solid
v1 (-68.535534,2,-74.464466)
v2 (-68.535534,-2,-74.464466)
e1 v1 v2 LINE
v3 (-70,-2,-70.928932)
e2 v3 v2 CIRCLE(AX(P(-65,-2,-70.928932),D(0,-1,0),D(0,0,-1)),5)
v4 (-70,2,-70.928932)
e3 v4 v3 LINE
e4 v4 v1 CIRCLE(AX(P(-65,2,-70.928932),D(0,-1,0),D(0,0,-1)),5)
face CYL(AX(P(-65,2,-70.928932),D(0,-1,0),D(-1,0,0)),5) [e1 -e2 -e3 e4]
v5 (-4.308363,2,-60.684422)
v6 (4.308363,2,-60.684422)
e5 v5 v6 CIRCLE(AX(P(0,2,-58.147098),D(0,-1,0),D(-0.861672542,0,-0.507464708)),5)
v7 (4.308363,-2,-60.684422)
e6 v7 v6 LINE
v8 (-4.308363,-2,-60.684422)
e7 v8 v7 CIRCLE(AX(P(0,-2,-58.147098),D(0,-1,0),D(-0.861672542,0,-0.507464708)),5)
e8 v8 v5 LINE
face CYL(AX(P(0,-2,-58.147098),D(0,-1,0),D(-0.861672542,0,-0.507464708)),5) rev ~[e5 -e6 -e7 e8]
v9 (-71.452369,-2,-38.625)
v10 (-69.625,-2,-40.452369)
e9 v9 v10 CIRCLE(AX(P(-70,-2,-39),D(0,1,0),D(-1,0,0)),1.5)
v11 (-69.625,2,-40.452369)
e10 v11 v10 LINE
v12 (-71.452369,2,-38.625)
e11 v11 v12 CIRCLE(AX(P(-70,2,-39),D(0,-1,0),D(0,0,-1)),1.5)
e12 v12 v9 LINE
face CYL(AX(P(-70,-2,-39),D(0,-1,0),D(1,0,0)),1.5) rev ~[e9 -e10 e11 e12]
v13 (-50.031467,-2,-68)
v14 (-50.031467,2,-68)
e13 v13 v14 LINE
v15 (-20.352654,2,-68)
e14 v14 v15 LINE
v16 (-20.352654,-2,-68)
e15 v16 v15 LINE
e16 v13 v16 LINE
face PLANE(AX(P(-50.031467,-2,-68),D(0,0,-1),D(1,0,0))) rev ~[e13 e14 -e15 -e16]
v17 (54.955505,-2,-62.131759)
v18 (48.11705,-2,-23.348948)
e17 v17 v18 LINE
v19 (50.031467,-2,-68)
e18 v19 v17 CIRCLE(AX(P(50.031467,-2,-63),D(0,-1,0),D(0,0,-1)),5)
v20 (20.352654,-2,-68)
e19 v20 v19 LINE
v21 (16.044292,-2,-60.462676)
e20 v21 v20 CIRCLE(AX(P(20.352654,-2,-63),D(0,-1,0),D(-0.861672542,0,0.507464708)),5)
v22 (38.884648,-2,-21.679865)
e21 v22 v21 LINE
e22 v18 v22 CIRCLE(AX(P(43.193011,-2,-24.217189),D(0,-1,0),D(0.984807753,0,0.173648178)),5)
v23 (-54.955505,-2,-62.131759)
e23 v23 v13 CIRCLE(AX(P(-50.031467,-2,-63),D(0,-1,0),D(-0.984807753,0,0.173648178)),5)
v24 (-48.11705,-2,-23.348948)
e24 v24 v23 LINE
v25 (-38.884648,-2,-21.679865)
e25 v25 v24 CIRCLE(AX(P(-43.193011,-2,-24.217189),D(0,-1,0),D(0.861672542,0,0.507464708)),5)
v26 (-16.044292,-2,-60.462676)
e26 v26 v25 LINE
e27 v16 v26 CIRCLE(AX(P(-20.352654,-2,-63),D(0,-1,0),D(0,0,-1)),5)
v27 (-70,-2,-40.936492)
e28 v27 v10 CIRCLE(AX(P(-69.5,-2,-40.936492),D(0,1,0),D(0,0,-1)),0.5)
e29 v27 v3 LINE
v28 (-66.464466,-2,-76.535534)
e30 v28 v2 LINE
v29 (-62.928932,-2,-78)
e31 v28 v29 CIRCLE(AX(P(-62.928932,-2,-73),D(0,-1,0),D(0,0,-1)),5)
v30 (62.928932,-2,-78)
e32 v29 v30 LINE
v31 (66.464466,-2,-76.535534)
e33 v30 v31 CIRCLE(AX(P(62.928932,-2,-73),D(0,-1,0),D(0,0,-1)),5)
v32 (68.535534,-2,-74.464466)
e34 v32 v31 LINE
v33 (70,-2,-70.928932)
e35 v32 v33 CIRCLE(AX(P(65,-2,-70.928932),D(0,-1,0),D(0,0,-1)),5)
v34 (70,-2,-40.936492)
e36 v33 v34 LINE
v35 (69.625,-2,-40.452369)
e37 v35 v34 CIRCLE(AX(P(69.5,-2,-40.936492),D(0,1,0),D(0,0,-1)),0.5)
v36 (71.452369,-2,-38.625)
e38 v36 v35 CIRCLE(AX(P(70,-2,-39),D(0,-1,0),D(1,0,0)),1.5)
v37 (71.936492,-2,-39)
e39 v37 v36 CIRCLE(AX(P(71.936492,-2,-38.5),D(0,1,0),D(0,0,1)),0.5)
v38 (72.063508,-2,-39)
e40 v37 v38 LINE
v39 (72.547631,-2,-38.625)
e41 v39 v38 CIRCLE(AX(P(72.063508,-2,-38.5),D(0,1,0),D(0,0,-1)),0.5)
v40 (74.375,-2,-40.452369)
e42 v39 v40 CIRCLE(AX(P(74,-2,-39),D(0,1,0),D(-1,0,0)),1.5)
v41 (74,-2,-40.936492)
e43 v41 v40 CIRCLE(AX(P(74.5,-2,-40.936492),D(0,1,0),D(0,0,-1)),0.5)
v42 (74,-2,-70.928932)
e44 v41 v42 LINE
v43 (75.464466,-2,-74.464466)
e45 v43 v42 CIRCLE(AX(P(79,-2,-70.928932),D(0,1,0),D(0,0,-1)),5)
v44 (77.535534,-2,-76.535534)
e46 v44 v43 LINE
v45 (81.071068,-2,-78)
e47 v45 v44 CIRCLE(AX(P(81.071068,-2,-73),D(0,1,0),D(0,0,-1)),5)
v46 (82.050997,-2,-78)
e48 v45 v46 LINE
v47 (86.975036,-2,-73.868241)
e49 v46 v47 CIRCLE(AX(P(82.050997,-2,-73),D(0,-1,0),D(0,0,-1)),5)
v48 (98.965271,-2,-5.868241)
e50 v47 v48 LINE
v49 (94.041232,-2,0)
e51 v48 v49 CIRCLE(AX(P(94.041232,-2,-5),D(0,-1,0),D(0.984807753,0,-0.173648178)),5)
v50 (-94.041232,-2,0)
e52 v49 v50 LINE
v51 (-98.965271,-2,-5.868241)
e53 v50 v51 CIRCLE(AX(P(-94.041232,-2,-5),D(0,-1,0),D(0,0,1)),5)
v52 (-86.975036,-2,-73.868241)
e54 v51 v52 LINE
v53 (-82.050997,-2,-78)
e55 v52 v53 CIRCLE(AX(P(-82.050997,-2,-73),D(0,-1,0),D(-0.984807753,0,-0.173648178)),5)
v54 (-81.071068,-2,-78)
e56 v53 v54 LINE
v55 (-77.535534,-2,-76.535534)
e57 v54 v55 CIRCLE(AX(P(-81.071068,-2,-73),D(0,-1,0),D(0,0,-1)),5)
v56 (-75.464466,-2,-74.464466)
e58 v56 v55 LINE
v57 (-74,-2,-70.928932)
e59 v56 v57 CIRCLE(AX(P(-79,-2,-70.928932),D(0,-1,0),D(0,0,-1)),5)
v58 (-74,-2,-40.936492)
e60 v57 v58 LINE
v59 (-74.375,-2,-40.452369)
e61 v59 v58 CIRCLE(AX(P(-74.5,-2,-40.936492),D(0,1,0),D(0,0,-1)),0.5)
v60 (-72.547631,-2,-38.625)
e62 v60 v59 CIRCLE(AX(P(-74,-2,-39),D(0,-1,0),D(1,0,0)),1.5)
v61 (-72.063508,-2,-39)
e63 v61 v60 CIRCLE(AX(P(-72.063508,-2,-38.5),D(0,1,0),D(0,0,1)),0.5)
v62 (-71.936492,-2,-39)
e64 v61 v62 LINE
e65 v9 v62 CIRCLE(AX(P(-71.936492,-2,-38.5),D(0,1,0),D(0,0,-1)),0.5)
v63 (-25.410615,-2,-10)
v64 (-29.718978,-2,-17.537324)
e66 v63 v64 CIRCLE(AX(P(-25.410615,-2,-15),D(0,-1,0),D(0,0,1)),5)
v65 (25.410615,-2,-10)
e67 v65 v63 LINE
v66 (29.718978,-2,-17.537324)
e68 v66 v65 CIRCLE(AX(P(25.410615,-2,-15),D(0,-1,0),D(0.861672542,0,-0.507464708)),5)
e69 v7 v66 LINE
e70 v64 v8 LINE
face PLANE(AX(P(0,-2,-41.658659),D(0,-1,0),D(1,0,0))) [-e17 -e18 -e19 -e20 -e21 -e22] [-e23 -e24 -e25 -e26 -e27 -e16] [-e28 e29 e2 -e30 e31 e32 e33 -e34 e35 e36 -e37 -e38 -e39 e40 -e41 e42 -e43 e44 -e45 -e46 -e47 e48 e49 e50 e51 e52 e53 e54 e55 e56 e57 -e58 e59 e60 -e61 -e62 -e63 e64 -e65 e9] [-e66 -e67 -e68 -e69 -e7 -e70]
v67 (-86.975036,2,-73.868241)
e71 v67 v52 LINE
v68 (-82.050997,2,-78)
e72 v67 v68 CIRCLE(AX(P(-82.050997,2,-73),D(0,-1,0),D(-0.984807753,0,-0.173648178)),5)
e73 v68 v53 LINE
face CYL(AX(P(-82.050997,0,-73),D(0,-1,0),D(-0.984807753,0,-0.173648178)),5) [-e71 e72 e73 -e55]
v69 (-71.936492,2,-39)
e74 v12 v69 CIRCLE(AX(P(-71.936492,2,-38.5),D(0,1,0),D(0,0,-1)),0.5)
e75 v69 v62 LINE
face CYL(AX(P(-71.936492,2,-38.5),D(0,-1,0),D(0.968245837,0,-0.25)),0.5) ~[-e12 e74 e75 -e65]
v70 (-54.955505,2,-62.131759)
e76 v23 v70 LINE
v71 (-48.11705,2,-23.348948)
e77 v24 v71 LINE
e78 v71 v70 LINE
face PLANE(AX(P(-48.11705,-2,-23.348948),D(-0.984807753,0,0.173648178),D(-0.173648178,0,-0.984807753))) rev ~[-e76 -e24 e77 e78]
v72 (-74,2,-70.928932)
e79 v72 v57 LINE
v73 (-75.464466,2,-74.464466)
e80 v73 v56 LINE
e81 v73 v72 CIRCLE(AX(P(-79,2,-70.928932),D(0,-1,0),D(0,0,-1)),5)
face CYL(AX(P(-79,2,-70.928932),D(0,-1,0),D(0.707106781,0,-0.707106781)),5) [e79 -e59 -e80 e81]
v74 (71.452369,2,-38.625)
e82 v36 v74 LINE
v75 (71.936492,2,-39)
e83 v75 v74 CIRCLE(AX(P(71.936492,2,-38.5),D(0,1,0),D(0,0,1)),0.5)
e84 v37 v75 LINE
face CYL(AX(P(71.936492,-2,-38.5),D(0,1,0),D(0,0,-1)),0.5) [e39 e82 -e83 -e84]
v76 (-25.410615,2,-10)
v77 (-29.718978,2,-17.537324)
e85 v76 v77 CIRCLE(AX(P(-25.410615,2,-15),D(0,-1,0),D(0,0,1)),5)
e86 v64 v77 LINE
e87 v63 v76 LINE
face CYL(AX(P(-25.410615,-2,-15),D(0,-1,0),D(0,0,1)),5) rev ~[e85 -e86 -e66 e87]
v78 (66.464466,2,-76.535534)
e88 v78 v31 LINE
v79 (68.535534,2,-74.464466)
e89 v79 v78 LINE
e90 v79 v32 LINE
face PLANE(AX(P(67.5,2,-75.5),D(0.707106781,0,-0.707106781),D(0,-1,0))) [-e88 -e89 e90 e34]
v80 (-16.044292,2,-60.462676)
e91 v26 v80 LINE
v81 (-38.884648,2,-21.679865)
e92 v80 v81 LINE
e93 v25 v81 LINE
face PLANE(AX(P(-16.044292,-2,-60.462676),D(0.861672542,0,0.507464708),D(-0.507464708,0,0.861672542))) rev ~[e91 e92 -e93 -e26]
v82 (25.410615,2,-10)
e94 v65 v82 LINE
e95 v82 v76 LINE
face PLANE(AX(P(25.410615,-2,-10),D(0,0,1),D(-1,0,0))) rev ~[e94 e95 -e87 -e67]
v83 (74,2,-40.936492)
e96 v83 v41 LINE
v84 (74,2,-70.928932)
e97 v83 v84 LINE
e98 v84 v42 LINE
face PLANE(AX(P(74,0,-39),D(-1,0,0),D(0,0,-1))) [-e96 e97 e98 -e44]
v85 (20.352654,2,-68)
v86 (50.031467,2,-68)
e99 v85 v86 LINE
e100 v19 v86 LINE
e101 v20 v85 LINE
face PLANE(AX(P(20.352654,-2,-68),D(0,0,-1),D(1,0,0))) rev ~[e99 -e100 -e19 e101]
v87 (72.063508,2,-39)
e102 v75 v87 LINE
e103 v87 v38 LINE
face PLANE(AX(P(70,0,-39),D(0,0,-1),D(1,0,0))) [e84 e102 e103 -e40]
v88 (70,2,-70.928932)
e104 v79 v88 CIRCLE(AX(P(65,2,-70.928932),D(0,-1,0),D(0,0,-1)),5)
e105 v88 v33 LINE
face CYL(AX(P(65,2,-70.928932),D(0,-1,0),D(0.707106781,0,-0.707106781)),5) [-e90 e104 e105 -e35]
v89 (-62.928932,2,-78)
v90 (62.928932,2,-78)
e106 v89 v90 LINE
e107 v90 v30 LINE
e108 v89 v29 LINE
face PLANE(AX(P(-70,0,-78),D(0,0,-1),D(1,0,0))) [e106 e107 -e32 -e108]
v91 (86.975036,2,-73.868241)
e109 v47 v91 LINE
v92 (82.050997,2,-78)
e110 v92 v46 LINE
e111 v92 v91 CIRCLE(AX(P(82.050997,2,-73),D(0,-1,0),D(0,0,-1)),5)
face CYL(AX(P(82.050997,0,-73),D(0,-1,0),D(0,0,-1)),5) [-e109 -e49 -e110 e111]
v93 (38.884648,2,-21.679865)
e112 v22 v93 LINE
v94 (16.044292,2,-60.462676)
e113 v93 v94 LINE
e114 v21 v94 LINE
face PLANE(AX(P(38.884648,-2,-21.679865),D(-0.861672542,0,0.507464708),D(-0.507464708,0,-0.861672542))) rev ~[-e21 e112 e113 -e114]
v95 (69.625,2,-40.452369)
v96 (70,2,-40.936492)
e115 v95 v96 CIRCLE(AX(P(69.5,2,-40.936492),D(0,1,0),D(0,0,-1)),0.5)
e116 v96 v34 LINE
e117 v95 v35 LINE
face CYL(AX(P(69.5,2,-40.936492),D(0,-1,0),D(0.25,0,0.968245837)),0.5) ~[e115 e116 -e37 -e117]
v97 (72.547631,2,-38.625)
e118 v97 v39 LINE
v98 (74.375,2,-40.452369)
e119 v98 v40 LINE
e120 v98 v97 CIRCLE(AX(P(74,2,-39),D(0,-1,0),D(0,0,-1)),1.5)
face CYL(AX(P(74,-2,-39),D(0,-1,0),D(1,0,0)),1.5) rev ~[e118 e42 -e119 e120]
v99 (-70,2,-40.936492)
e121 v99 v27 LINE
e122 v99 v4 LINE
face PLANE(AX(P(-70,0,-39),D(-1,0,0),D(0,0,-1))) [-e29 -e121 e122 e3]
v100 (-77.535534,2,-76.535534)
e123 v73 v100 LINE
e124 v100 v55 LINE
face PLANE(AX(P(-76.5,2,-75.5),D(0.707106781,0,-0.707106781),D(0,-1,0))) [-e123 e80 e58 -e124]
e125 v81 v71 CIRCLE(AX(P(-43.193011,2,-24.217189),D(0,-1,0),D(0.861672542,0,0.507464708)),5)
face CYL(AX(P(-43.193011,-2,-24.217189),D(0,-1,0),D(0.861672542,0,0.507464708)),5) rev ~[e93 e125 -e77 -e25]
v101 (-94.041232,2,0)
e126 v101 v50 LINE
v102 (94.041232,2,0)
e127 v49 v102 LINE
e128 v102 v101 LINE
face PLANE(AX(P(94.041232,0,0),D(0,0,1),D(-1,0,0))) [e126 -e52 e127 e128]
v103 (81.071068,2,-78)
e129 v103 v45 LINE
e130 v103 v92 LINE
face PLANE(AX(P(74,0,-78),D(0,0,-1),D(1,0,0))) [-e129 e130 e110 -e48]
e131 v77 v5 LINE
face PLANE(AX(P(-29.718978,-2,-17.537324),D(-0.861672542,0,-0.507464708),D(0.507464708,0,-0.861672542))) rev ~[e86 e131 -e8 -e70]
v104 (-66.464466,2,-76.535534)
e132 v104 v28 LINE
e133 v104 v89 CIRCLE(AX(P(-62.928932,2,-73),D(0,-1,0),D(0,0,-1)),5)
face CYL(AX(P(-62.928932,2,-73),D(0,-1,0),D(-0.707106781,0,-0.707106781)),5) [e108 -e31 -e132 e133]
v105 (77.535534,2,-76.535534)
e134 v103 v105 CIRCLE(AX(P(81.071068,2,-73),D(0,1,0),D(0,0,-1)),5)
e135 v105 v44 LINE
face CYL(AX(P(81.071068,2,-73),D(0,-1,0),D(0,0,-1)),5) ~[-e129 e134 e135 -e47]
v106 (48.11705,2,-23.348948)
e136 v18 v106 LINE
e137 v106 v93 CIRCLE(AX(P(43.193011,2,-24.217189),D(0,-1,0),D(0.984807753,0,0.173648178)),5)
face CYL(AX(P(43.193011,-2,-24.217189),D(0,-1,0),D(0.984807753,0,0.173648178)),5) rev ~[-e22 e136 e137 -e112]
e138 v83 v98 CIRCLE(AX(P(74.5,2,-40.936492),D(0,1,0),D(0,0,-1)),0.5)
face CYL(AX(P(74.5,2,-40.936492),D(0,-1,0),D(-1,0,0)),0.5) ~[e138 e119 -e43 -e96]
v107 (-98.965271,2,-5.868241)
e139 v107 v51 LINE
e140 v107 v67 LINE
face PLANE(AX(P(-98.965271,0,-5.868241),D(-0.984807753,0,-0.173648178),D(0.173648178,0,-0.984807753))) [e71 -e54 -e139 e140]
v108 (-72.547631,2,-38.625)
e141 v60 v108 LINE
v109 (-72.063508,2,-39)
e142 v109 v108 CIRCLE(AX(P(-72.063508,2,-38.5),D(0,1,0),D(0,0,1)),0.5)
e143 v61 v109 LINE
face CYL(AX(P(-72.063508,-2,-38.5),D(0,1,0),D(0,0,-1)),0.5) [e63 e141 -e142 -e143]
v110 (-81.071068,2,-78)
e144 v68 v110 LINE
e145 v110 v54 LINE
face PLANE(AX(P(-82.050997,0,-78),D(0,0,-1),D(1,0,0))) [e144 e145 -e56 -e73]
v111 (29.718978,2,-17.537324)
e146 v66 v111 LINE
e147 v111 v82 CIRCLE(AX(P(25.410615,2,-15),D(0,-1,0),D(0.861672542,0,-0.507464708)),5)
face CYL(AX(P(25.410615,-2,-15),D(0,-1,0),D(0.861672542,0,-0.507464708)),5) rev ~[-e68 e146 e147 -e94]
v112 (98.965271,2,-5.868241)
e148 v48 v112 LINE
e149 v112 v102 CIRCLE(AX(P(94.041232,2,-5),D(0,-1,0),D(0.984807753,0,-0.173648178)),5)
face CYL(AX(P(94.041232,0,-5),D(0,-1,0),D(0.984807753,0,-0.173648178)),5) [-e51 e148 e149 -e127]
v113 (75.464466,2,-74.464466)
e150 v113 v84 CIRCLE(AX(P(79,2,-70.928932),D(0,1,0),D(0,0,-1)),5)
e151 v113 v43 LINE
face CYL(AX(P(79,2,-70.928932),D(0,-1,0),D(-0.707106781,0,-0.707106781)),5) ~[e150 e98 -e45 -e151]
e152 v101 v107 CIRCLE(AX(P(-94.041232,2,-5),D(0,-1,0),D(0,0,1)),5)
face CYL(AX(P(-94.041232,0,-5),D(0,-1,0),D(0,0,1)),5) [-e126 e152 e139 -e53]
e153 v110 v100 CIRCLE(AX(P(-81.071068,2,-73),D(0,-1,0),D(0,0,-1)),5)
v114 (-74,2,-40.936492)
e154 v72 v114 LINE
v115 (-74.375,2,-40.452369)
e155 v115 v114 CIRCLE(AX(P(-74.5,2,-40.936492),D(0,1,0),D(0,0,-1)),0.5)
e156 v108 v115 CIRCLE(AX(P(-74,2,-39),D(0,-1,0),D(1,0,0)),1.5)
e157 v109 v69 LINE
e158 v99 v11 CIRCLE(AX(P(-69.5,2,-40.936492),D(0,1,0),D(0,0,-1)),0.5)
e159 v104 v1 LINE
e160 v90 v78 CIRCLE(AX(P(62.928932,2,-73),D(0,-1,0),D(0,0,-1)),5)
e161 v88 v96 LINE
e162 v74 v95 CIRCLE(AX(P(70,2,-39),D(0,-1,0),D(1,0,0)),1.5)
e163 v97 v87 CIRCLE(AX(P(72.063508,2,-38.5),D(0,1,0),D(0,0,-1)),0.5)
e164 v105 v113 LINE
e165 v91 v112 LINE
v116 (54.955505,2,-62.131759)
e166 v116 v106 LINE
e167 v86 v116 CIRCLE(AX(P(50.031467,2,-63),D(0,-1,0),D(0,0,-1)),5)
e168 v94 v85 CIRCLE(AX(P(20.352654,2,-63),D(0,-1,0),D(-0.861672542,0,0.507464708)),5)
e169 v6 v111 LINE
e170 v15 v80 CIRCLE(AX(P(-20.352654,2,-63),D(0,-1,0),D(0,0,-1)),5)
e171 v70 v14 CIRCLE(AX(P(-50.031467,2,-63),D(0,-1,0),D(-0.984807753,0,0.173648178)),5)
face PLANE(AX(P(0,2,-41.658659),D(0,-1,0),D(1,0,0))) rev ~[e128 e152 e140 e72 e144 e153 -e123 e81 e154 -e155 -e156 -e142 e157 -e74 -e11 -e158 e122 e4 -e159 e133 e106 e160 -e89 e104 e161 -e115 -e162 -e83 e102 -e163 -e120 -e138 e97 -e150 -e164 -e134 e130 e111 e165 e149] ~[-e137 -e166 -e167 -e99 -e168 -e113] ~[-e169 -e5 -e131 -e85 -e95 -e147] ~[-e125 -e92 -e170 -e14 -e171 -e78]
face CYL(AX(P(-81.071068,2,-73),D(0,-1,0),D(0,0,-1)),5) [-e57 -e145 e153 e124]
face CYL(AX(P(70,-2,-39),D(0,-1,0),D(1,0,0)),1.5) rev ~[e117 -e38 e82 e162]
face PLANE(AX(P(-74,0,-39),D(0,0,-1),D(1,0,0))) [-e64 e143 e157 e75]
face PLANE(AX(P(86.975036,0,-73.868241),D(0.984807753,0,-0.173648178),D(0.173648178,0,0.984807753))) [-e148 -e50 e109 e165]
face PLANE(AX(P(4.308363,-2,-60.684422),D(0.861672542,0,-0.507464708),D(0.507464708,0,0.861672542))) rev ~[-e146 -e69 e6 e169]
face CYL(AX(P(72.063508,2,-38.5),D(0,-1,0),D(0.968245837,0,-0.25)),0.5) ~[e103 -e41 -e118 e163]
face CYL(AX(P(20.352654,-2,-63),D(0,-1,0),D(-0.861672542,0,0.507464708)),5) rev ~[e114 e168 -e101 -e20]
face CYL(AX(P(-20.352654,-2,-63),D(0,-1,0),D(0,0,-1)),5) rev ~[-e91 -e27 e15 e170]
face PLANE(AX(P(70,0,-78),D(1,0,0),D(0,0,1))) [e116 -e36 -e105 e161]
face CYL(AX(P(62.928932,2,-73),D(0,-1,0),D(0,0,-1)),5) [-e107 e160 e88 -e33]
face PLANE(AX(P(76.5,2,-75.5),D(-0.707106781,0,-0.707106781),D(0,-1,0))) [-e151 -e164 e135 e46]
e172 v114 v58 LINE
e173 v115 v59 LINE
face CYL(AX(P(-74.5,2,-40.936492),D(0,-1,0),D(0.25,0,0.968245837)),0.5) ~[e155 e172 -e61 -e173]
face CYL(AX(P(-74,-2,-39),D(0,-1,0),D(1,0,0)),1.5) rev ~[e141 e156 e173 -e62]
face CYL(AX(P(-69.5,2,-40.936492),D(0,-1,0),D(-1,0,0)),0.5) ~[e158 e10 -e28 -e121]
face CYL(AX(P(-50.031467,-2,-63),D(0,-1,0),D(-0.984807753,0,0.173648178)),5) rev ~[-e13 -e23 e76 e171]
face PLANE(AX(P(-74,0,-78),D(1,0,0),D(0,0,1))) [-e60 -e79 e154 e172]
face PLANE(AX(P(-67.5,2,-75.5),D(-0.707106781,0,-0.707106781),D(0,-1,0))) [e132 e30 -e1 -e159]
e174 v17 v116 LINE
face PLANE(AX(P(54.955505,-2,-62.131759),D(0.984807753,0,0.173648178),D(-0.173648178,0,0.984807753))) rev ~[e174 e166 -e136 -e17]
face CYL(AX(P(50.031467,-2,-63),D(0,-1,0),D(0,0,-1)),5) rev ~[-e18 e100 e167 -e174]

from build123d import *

# Parameters (mm, degrees)
F1_DEPTH = 2
F2_SIZE  = 5
F3_R     = 5
F4_R     = 1.5
F5_DEPTH = 4.001
F6_R     = 0.5
F8_DEPTH = 4.001


with BuildPart() as f1:
    # F0 (on Front) → F1 (new body, symmetric)
    with BuildSketch(Plane.XZ):
        with BuildLine():
            Line((94.041232037, 0), (-94.041232037, 0))
            ThreePointArc((-94.041232037, 0), (-97.8714542526, -1.7860619516), (-98.9652708021, -5.8682408883))
            Line((-98.9652708021, -5.8682408883), (-86.9750361139, -73.8682408883))
            ThreePointArc((-86.9750361139, -73.8682408883), (-85.2649353973, -76.8302222156), (-82.0509973489, -78))
            Line((-82.0509973489, -78), (-74, -78))
            Line((-74, -78), (-74, -39))
            Line((-74, -39), (-70, -39))
            Line((-70, -39), (-70, -78))
            Line((-70, -78), (70, -78))
            Line((70, -78), (70, -39))
            Line((70, -39), (74, -39))
            Line((74, -39), (74, -78))
            Line((74, -78), (82.0509973489, -78))
            ThreePointArc((82.0509973489, -78), (85.2649353973, -76.8302222156), (86.9750361139, -73.8682408883))
            Line((86.9750361139, -73.8682408883), (98.9652708021, -5.8682408883))
            ThreePointArc((98.9652708021, -5.8682408883), (97.8714542526, -1.7860619516), (94.041232037, 0))
        make_face()
    extrude(amount=F1_DEPTH, both=True)

    # F2
    f2_edges = [f1.edges().sort_by_distance(p)[0] for p in [
        (-74, 0, -78),
        (-70, 0, -78),
        (70, 0, -78),
        (74, 0, -78),
    ]]
    chamfer(f2_edges, length=F2_SIZE)

    # F3
    f3_edges = [f1.edges().sort_by_distance(p)[0] for p in [
        (74, 0, -73),
        (79, 0, -78),
        (70, 0, -73),
        (65, 0, -78),
        (-70, 0, -73),
        (-65, 0, -78),
        (-74, 0, -73),
        (-79, 0, -78),
    ]]
    fillet(f3_edges, radius=F3_R)

    # F4 (on face) → F5 (cut, through all)
    with BuildSketch(Plane.XZ.offset(2)):
        with Locations((74, -39)):
            Circle(F4_R)
        with Locations((70, -39)):
            Circle(F4_R)
        with Locations((-70, -39)):
            Circle(F4_R)
        with Locations((-74, -39)):
            Circle(F4_R)
    extrude(amount=-F5_DEPTH, mode=Mode.SUBTRACT)

    # F6
    f6_edges = [f1.edges().sort_by_distance(p)[0] for p in [
        (72.5, 0, -39),
        (74, 0, -40.5),
        (71.5, 0, -39),
        (70, 0, -40.5),
        (-74, 0, -40.5),
        (-72.5, 0, -39),
        (-71.5, 0, -39),
        (-70, 0, -40.5),
    ]]
    fillet(f6_edges, radius=F6_R)

    # F7 (on face) → F8 (cut, through all)
    with BuildSketch(Plane.XZ.offset(2)):
        with BuildLine():
            ThreePointArc((-38.884648043, -21.6798654453), (-44.0825181885, -19.2969474728), (-48.1170495204, -23.3489480955))
            Line((-48.1170495204, -23.3489480955), (-54.9555054903, -62.1317591117))
            ThreePointArc((-54.9555054903, -62.1317591117), (-53.8616889408, -66.2139380484), (-50.0314667252, -68))
            Line((-50.0314667252, -68), (-20.3526544878, -68))
            ThreePointArc((-20.3526544878, -68), (-16.0117664627, -65.4812680536), (-16.0442917755, -60.4626764615))
            Line((-16.0442917755, -60.4626764615), (-38.884648043, -21.6798654453))
        make_face()
        with BuildLine():
            ThreePointArc((-25.4106153193, -10), (-29.7515033444, -12.5187319464), (-29.7189780316, -17.5373235385))
            Line((-29.7189780316, -17.5373235385), (-4.3083627123, -60.6844216043))
            ThreePointArc((-4.3083627123, -60.6844216043), (0, -63.1470980658), (4.3083627123, -60.6844216043))
            Line((4.3083627123, -60.6844216043), (29.7189780316, -17.5373235385))
            ThreePointArc((29.7189780316, -17.5373235385), (29.7515033444, -12.5187319464), (25.4106153193, -10))
            Line((25.4106153193, -10), (-25.4106153193, -10))
        make_face()
        with BuildLine():
            ThreePointArc((50.0314667252, -68), (53.8616889408, -66.2139380484), (54.9555054903, -62.1317591117))
            Line((54.9555054903, -62.1317591117), (48.1170495204, -23.3489480955))
            ThreePointArc((48.1170495204, -23.3489480955), (44.0825181885, -19.2969474728), (38.884648043, -21.6798654453))
            Line((38.884648043, -21.6798654453), (16.0442917755, -60.4626764615))
            ThreePointArc((16.0442917755, -60.4626764615), (16.0117664627, -65.4812680536), (20.3526544878, -68))
            Line((20.3526544878, -68), (50.0314667252, -68))
        make_face()
    extrude(amount=-F8_DEPTH, mode=Mode.SUBTRACT)


solid = f1.part
